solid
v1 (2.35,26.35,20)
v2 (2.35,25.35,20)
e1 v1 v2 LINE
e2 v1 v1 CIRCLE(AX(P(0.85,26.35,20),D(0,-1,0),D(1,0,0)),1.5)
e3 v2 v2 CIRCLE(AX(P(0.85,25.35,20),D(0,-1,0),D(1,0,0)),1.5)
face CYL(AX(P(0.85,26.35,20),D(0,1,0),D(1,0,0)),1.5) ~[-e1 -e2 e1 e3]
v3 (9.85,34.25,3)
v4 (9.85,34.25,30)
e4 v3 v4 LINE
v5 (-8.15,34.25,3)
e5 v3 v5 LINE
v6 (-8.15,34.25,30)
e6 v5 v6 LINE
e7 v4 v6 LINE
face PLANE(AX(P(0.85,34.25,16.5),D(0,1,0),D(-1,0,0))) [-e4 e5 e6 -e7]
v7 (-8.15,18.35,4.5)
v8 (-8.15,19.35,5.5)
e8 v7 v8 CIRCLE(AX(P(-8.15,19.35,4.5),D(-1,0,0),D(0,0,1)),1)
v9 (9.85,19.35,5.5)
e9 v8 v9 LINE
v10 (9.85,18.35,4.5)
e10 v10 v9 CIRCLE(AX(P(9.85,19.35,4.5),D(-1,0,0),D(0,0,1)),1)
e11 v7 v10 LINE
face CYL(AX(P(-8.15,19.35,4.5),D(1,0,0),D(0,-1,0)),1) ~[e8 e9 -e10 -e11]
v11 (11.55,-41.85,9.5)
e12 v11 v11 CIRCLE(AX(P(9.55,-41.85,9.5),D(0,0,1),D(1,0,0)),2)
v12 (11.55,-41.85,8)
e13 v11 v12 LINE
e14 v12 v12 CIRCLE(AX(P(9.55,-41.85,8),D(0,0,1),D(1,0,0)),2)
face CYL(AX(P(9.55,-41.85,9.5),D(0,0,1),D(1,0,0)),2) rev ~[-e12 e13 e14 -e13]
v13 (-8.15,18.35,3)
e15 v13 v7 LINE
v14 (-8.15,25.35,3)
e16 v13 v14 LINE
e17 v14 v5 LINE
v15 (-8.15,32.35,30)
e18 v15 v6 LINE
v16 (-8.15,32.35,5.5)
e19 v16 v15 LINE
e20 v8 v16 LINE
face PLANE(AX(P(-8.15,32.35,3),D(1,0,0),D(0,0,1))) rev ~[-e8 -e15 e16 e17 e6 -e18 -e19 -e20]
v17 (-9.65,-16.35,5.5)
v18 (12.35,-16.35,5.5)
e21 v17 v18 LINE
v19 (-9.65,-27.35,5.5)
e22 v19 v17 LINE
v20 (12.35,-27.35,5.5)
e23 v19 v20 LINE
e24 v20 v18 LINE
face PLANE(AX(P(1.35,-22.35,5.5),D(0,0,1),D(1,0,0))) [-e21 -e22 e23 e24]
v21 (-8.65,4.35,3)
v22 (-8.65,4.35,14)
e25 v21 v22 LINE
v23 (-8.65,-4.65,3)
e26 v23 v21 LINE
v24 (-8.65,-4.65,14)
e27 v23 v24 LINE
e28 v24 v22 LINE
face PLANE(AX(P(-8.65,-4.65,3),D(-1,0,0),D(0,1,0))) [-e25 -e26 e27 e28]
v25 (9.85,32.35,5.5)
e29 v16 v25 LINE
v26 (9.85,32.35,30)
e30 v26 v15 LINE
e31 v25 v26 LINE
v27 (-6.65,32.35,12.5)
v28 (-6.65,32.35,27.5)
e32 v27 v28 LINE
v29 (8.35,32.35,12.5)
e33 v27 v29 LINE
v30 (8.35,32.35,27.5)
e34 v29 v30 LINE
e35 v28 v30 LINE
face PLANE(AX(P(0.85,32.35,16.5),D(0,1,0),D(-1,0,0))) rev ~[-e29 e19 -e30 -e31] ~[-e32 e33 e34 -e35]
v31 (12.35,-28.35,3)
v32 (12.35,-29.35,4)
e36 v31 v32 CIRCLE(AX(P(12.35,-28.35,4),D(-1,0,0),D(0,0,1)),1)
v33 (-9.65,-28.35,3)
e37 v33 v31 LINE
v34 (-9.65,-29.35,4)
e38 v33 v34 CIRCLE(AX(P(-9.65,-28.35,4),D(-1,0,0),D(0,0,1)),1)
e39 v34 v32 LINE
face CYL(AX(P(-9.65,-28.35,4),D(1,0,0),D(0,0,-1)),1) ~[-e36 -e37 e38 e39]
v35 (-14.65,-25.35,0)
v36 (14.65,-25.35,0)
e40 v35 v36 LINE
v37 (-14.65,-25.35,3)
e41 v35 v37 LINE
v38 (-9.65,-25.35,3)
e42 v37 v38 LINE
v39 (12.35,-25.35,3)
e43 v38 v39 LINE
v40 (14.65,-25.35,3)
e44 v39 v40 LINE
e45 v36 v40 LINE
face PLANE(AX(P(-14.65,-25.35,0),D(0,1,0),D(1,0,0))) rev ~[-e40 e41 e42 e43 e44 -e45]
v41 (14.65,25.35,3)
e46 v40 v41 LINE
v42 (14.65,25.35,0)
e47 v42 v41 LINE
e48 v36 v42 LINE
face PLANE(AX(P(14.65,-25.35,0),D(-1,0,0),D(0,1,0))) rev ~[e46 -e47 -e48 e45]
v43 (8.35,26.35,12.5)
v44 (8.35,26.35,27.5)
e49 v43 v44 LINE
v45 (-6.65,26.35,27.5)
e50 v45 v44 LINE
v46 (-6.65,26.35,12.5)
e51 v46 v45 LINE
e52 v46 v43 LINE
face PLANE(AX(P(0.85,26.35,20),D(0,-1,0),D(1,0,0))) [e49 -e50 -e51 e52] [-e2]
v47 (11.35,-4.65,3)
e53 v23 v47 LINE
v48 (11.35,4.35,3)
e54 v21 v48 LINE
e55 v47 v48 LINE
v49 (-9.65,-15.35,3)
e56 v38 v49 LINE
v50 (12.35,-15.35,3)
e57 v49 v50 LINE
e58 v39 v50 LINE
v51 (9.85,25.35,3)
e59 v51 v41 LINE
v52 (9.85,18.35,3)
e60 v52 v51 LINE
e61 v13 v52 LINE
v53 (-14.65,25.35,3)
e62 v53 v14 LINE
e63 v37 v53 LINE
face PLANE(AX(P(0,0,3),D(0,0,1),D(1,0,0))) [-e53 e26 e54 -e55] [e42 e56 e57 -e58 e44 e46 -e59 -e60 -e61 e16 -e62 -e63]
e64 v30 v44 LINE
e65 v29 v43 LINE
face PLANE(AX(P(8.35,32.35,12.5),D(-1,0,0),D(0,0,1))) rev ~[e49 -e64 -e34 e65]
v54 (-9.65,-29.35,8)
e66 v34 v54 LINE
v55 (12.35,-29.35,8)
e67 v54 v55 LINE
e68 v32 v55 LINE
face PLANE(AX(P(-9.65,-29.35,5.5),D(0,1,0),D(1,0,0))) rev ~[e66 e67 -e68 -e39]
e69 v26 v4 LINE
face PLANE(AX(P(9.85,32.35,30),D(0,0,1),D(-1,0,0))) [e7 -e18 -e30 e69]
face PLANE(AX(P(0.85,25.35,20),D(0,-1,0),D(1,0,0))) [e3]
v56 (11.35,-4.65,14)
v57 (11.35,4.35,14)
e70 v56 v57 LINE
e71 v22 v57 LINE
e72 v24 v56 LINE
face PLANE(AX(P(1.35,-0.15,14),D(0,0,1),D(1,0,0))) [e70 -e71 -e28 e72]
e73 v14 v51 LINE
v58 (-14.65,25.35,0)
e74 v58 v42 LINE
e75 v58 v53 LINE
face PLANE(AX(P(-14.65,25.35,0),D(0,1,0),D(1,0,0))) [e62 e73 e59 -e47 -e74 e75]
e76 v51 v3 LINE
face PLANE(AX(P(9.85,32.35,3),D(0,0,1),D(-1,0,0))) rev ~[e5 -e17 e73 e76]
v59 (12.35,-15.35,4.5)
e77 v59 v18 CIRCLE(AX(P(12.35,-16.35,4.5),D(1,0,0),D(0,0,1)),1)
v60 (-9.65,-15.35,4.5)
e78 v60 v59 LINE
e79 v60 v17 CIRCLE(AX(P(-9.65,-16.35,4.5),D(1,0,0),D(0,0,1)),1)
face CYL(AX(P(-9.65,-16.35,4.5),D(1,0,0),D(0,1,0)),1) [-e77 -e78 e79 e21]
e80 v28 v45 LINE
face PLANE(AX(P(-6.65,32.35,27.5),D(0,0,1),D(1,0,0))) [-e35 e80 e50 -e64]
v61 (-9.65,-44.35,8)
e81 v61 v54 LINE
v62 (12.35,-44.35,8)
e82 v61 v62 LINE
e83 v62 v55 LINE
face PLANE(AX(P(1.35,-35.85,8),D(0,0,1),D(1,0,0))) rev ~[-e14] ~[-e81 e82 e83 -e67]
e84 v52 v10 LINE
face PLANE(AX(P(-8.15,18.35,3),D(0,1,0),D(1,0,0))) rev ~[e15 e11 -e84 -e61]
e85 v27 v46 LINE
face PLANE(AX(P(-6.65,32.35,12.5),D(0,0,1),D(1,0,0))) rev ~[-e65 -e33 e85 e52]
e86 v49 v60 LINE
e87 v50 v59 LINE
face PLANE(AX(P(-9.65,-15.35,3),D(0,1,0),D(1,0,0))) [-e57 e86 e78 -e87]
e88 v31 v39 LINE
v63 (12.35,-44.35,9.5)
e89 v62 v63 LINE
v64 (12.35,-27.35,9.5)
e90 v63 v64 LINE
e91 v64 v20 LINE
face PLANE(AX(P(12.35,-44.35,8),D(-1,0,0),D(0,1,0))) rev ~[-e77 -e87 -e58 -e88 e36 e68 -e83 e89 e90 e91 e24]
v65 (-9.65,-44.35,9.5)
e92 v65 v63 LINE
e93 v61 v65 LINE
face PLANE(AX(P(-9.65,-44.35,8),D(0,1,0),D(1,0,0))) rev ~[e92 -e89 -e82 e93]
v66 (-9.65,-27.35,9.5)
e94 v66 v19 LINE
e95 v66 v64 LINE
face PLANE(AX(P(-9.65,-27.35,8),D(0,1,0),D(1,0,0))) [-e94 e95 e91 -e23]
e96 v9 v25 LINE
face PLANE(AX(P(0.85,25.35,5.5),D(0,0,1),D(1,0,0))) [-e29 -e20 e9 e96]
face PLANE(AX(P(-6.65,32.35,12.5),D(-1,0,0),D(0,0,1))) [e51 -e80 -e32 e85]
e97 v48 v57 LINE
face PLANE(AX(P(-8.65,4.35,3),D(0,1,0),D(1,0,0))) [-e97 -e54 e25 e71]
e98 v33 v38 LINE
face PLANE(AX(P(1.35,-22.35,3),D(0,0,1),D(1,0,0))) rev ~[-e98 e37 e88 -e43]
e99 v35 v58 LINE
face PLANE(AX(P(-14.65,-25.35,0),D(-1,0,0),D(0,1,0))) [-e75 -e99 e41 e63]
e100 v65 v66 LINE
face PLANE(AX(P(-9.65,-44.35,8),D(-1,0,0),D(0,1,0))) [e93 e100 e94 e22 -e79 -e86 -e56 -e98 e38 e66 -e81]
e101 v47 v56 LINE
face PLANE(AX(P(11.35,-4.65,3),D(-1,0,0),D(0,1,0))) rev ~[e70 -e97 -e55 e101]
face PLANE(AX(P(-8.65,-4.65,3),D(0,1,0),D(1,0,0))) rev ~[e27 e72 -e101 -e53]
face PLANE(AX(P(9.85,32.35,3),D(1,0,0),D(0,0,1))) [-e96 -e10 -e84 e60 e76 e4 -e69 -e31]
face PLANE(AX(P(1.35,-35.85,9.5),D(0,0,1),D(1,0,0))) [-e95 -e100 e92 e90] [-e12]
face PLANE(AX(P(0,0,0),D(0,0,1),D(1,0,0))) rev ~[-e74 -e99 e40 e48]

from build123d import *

# Parameters (mm, degrees)
SKETCH_W      = 29.3
SKETCH_H      = 50.7
PAD_DEPTH     = 3
SKETCH001_W   = 18
SKETCH001_H   = 14
SKETCH001_W_2 = 22
PAD001_DEPTH  = 2.5
FILLET_R      = 1
SKETCH002_W   = 18
SKETCH002_H   = 27
PAD002_DEPTH  = 1.9
SKETCH003_W   = 15
SKETCH003_H   = 15
PAD003_DEPTH  = 6
SKETCH004_R   = 1.5
PAD004_DEPTH  = 1
SKETCH005_W   = 22
SKETCH005_H   = 2
PAD005_DEPTH  = 2.5
SKETCH006_W   = 22
SKETCH006_H   = 17
PAD006_DEPTH  = 1.5
SKETCH007_R   = 2
POCKET_DEPTH  = 5
SKETCH008_W   = 20
SKETCH008_H   = 9
PAD007_DEPTH  = 11
FILLET001_R   = 1


with BuildPart() as part:
    # Sketch → Pad (new body)
    with BuildSketch(Plane.XY):
        Rectangle(SKETCH_W, SKETCH_H)
    extrude(amount=PAD_DEPTH)

    # Sketch001 → Pad001 (new body)
    with BuildSketch(Plane.XY.offset(3)):
        with Locations((0.85, 25.35)):
            Rectangle(SKETCH001_W, SKETCH001_H)
        with Locations((1.35, -22.35)):
            Rectangle(SKETCH001_W_2, SKETCH001_H)
    extrude(amount=PAD001_DEPTH)

    # Fillet
    fillet_edges = [part.edges().sort_by_distance(p)[0] for p in [
        (0.85, 18.35, 5.5),
        (1.35, -15.35, 5.5),
    ]]
    fillet(fillet_edges, radius=FILLET_R)

    # Sketch002 → Pad002 (new body)
    with BuildSketch(Plane(origin=(0, 32.35, 0), x_dir=(-1, 0, 0), z_dir=(0, 1, 0))):
        with Locations((-0.85, 16.5)):
            Rectangle(SKETCH002_W, SKETCH002_H)
    extrude(amount=PAD002_DEPTH)

    # Sketch003 → Pad003 (new body)
    with BuildSketch(Plane.XZ.offset(-32.35)):
        with Locations((0.85, 20)):
            Rectangle(SKETCH003_W, SKETCH003_H)
    extrude(amount=PAD003_DEPTH)

    # Sketch004 → Pad004 (new body)
    with BuildSketch(Plane.XZ.offset(-26.35)):
        with Locations((0.85, 20)):
            Circle(SKETCH004_R)
    extrude(amount=PAD004_DEPTH)

    # Sketch005 → Pad005 (new body)
    with BuildSketch(Plane.XY.offset(5.5)):
        with Locations((1.35, -28.35)):
            Rectangle(SKETCH005_W, SKETCH005_H)
    extrude(amount=PAD005_DEPTH)

    # Sketch006 → Pad006 (new body)
    with BuildSketch(Plane.XY.offset(8)):
        with Locations((1.35, -35.85)):
            Rectangle(SKETCH006_W, SKETCH006_H)
    extrude(amount=PAD006_DEPTH)

    # Sketch007 → Pocket (cut)
    with BuildSketch(Plane.XY.offset(9.5)):
        with Locations((9.55, -41.85)):
            Circle(SKETCH007_R)
    extrude(amount=-POCKET_DEPTH, mode=Mode.SUBTRACT)

    # Sketch008 → Pad007 (new body)
    with BuildSketch(Plane.XY.offset(3)):
        with Locations((1.35, -0.15)):
            Rectangle(SKETCH008_W, SKETCH008_H)
    extrude(amount=PAD007_DEPTH)

    # Fillet001
    fillet001_edges = [part.edges().sort_by_distance(p)[0] for p in [
        (1.35, -29.35, 3),
    ]]
    fillet(fillet001_edges, radius=FILLET001_R)


solid = part.part
